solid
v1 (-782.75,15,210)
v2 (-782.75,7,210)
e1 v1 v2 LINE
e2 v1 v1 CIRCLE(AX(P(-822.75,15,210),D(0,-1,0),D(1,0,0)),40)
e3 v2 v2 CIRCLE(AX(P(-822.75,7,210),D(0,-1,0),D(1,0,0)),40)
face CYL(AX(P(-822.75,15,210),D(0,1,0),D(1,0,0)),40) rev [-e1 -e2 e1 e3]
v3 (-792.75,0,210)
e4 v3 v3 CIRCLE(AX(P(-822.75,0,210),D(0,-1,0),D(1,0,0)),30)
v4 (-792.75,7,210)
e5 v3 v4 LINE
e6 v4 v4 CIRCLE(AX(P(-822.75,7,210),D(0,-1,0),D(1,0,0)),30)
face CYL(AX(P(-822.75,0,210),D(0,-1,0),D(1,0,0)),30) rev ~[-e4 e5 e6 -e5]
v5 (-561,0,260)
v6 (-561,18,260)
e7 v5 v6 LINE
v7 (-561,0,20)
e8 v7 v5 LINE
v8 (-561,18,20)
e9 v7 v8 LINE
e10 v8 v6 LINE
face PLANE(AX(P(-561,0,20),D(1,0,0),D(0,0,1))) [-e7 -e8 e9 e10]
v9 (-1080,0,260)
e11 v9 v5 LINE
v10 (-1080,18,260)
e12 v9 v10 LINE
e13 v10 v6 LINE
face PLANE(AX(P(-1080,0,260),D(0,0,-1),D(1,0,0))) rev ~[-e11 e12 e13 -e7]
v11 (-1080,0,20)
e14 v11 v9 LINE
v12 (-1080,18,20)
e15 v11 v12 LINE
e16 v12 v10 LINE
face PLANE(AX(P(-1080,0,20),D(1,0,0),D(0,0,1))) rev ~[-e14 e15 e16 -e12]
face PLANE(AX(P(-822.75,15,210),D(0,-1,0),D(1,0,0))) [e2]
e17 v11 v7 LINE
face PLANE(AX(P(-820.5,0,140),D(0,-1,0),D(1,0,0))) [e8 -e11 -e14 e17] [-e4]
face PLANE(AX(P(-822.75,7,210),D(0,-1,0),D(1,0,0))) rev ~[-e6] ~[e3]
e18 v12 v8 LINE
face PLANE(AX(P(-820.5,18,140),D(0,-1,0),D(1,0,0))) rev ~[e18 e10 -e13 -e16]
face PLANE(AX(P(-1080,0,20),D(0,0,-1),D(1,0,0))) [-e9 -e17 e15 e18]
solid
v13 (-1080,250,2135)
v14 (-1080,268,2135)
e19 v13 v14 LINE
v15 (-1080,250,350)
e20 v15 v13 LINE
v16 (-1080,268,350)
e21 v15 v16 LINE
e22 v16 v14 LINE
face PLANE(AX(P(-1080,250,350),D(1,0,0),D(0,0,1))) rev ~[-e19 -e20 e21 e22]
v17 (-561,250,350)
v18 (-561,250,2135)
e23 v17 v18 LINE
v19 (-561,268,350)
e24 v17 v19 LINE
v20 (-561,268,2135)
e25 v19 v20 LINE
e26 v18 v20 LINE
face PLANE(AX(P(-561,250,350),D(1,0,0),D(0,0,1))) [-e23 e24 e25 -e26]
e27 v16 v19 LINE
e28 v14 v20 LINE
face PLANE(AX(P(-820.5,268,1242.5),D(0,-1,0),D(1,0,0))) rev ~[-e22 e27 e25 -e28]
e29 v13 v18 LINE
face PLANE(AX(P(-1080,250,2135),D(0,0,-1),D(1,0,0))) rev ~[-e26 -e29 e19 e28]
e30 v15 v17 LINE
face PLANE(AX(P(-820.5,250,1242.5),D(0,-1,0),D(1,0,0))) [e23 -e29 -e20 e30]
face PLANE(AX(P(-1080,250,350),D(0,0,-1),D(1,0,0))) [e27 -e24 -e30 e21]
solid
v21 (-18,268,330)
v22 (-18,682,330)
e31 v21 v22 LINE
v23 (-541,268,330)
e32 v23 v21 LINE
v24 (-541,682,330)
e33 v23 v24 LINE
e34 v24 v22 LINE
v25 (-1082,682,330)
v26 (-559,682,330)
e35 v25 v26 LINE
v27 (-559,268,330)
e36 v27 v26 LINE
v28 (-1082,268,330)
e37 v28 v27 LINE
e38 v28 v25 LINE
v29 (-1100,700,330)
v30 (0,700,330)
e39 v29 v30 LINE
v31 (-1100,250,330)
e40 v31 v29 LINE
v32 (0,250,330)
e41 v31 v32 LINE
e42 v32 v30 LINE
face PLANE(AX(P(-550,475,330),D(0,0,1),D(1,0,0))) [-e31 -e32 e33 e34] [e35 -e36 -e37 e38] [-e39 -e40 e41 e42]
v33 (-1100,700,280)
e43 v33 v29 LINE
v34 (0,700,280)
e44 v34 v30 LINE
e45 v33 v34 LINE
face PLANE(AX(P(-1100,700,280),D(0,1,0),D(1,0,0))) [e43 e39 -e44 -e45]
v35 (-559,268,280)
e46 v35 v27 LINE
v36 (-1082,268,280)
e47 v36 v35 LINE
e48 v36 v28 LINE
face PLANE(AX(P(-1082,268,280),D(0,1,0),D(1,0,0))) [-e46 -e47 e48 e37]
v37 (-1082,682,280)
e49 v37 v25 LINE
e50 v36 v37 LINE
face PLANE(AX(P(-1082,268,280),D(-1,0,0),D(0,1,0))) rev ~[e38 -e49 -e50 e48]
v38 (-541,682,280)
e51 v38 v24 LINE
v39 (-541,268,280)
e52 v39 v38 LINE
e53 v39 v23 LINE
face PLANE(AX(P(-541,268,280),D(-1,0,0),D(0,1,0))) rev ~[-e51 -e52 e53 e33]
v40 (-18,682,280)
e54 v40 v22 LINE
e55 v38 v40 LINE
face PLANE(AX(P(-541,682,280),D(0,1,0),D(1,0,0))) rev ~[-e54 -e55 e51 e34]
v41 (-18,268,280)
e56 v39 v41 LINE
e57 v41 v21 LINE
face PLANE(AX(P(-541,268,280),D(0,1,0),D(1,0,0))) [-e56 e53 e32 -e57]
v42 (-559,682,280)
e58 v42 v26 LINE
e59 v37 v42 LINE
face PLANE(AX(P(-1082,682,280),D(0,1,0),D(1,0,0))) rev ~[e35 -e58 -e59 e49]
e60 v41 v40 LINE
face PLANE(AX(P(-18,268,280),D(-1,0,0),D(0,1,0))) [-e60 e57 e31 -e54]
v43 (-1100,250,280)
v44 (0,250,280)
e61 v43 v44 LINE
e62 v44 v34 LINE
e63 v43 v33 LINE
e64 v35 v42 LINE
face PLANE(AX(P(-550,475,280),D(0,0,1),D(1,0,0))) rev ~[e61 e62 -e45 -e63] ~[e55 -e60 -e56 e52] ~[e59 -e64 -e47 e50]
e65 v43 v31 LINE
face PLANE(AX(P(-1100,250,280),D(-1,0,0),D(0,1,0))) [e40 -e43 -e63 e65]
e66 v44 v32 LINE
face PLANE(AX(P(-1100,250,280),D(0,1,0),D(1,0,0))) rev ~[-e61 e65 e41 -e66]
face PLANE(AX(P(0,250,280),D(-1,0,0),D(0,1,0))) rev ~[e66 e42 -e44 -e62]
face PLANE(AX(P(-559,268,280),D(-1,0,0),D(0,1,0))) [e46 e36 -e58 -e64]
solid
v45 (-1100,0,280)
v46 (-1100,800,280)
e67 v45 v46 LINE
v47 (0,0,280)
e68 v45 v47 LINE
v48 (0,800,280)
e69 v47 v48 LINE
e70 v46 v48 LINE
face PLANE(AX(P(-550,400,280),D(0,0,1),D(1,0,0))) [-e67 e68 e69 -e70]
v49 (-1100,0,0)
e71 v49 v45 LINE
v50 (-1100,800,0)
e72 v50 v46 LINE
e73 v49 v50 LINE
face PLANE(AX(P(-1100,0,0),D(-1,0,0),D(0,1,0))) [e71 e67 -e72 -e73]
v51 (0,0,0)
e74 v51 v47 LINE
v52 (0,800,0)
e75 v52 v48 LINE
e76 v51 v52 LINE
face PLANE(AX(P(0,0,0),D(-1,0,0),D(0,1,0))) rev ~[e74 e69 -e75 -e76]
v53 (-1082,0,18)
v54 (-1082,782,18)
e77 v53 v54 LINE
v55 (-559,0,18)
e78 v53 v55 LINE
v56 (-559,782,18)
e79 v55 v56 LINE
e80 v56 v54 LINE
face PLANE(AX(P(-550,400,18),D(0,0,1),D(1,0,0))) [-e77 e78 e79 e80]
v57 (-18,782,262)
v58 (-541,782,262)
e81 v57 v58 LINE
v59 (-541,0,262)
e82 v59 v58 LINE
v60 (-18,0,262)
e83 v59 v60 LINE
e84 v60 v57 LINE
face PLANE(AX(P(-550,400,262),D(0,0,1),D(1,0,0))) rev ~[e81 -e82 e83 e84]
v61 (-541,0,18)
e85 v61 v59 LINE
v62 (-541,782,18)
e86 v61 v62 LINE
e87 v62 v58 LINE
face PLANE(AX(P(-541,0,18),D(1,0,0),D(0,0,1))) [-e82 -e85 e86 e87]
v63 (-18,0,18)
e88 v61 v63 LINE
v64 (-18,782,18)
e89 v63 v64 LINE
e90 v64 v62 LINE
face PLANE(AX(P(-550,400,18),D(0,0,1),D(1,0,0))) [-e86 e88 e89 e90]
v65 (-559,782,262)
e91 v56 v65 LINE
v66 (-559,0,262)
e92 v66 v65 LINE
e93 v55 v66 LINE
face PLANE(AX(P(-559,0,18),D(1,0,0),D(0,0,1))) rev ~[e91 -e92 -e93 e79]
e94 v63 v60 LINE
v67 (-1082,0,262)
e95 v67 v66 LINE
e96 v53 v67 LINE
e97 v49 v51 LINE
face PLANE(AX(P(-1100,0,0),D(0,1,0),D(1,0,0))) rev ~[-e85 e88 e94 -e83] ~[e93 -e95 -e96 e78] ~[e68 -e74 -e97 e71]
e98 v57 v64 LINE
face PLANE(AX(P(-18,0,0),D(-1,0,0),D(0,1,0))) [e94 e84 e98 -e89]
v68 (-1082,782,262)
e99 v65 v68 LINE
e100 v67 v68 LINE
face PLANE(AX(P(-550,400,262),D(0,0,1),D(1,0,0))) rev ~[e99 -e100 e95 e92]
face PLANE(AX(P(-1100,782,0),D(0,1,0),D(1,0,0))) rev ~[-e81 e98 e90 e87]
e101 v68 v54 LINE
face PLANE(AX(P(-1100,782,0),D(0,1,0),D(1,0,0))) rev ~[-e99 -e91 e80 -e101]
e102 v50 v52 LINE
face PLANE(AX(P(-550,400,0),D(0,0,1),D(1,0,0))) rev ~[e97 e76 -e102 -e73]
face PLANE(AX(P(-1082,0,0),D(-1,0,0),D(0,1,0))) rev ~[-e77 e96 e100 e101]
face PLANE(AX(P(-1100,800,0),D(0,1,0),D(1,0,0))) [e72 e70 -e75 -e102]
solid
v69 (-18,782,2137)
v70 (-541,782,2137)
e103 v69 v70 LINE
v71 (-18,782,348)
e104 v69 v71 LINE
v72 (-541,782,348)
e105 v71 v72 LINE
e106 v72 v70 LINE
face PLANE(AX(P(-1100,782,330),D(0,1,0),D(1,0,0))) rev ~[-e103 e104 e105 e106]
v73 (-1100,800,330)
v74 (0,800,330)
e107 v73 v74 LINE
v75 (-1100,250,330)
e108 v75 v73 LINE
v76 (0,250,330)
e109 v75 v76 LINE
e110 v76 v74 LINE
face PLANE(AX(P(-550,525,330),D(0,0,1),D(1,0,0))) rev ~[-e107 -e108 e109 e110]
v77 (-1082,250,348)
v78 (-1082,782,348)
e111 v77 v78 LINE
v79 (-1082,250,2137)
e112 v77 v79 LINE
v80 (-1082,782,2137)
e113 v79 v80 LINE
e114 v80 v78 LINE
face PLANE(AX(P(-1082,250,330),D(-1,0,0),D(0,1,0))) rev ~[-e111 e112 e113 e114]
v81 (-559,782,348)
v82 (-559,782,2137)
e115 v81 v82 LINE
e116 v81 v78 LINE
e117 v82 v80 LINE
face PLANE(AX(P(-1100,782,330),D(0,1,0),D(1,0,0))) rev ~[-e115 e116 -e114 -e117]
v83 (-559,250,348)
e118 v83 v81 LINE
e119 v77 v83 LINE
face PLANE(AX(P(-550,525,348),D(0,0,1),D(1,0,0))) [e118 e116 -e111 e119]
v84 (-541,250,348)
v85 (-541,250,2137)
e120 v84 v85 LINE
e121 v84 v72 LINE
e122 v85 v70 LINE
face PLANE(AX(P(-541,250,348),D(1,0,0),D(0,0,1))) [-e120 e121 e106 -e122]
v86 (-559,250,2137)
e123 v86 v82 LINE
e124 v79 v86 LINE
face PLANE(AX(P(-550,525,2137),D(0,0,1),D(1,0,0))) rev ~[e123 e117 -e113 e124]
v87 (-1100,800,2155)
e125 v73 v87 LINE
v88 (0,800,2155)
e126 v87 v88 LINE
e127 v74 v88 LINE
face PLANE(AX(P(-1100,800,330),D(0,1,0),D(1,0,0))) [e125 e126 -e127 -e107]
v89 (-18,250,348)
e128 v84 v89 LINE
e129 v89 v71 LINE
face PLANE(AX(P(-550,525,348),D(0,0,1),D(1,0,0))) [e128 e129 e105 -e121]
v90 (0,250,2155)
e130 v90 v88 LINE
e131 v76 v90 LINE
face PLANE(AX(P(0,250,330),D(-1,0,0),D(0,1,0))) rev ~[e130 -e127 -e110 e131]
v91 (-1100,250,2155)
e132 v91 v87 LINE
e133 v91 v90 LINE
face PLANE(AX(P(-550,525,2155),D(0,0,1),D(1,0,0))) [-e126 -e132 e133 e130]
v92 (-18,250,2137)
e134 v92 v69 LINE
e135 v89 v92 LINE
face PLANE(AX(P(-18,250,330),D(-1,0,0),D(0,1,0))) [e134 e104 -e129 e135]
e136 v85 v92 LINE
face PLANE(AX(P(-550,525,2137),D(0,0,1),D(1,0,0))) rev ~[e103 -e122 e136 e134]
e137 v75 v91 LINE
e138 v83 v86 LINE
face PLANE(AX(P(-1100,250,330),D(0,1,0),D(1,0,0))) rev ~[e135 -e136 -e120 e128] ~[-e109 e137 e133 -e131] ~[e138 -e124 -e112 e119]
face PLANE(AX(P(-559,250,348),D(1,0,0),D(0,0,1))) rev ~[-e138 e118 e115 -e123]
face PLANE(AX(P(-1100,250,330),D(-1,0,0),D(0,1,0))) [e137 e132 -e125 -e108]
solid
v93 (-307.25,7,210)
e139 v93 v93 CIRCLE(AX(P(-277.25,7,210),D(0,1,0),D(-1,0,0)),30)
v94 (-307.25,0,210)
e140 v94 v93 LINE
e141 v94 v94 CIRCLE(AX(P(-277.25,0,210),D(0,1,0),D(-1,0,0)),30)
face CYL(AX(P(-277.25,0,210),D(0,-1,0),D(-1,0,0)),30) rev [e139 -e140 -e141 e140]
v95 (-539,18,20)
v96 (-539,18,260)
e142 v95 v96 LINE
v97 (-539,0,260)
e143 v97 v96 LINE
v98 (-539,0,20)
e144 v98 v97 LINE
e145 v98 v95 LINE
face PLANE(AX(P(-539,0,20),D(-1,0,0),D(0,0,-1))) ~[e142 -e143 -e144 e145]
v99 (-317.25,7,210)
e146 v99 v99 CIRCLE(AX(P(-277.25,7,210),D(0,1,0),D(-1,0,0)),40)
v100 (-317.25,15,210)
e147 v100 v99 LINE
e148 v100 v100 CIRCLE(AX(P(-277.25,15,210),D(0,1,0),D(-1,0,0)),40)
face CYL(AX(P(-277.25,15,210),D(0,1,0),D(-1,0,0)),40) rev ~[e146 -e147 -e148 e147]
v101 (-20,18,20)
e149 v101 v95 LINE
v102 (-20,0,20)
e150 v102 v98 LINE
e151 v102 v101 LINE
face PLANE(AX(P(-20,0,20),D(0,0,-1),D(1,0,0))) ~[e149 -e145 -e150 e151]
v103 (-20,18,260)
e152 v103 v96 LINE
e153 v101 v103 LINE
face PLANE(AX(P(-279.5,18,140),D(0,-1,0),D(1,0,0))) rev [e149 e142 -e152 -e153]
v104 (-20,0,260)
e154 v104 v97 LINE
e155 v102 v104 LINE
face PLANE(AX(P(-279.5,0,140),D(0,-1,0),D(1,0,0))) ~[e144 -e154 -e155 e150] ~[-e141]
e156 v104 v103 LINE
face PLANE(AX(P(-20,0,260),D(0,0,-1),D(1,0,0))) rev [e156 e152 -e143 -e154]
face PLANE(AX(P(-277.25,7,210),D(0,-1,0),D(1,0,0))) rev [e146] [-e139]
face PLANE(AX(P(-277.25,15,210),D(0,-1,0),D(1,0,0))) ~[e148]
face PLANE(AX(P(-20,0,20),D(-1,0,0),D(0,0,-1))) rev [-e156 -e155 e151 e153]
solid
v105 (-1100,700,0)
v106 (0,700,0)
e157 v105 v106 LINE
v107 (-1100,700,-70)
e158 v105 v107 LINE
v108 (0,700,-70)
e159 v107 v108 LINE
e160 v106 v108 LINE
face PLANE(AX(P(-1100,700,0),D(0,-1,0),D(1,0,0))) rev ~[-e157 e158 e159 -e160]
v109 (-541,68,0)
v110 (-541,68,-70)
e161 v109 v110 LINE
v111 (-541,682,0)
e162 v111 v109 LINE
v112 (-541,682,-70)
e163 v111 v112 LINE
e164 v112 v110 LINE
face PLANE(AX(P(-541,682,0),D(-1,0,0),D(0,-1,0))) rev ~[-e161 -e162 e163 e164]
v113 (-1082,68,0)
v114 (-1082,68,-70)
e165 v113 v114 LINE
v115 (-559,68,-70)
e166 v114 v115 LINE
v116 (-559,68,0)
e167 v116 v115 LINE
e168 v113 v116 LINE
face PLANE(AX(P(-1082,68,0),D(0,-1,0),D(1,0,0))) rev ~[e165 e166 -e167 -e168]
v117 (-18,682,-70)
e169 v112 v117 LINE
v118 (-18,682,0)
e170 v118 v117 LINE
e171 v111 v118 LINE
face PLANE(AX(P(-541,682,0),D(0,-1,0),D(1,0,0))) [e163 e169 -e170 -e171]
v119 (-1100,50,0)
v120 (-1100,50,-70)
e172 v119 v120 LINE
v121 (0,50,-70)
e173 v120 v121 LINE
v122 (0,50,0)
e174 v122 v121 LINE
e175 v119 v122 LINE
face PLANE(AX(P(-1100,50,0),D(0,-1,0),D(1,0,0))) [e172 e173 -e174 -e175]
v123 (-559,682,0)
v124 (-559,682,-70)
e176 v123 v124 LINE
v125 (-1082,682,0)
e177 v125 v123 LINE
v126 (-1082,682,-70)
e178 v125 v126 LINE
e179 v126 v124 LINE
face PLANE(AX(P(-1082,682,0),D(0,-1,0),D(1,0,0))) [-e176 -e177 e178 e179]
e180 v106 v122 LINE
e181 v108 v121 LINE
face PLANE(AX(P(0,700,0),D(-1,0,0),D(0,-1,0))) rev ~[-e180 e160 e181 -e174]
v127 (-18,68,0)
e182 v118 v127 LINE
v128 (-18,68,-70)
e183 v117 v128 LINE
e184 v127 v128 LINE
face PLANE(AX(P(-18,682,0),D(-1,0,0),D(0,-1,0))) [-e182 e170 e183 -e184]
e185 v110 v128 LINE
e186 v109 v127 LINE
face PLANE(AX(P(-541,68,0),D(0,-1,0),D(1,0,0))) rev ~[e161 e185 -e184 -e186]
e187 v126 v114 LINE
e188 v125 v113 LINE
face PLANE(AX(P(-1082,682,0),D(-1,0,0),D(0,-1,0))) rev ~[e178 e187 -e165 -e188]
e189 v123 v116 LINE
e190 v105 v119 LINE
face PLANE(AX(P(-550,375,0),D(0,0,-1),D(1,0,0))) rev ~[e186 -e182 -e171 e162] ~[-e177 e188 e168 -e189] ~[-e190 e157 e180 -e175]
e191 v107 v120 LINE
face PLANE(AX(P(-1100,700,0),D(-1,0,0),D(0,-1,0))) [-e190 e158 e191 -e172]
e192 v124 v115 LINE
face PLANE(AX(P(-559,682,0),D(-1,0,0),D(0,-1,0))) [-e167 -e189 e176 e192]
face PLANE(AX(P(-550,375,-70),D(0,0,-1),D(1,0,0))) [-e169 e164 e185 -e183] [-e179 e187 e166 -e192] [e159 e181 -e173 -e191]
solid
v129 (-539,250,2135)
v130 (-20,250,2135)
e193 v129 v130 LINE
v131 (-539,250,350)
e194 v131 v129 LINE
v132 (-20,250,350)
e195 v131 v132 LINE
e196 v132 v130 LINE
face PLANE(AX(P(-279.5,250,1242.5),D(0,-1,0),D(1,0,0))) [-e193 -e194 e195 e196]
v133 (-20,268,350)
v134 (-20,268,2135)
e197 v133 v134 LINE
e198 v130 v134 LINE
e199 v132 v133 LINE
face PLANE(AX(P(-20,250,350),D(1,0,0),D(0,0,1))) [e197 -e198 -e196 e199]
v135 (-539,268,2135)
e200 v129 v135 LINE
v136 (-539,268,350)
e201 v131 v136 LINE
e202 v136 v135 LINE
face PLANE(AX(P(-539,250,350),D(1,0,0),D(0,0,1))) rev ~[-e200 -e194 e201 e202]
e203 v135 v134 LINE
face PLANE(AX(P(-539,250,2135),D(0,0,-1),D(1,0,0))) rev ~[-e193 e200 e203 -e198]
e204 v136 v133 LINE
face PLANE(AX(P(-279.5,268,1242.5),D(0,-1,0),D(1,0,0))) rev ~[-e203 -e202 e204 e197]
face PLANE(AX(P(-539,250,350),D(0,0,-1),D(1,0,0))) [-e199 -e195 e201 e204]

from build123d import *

# Parameters (mm, degrees)
F0_W      = 1100
F0_H      = 800
F1_DEPTH  = 280
F2_T      = -18
F3_W      = 18
F3_H      = 244
F4_DEPTH  = 782
F5_W      = 519
F5_H      = 240
F6_DEPTH  = 18
F8_R      = 30
F9_DEPTH  = 15
F10_R     = 40
F11_DEPTH = 8
F13_W     = 1100
F13_H     = 650
F13_W_2   = 523
F13_H_2   = 614
F14_DEPTH = 70
F15_W     = 1100
F15_H     = 450
F15_W_2   = 523
F15_H_2   = 414
F16_DEPTH = 50
F17_W     = 1100
F17_H     = 550
F18_DEPTH = 1825
F19_T     = -18
F20_W     = 18
F20_H     = 1789
F21_DEPTH = 532
F22_W     = 519
F22_H     = 1785
F23_DEPTH = 18


with BuildPart() as f1:
    # F0 (on Top) → F1 (new body)
    with BuildSketch(Plane.XY):
        with Locations((-550, 400)):
            Rectangle(F0_W, F0_H)
    extrude(amount=F1_DEPTH)

    # F2
    f2_openings = [f1.faces().sort_by_distance(p)[0] for p in [
        (-550, 0, 140),
    ]]
    offset(amount=F2_T, openings=f2_openings)

    # F3 (on face) → F4 (join, through all)
    with BuildSketch(Plane.XZ):
        with Locations((-550, 140)):
            Rectangle(F3_W, F3_H)
    extrude(amount=-F4_DEPTH)


with BuildPart() as f6:
    # F5 (on face) → F6 (new body)
    with BuildSketch(Plane.XZ):
        with Locations((-820.5, 140)):
            Rectangle(F5_W, F5_H)
    extrude(amount=-F6_DEPTH)

    # F8 (on face) → F9 (cut)
    with BuildSketch(Plane.XZ):
        with Locations((-822.75, 210)):
            Circle(F8_R)
    extrude(amount=-F9_DEPTH, mode=Mode.SUBTRACT)

    # F10 (on face) → F11 (cut)
    with BuildSketch(Plane.XZ.offset(-15)):
        with Locations((-822.75, 210)):
            Circle(F10_R)
    extrude(amount=F11_DEPTH, mode=Mode.SUBTRACT)


with BuildPart() as f12_1:
    # F12: instance of F6
    add(f6.part.mirror(Plane(origin=(-550, 400, 140), x_dir=(0, 1, 0), z_dir=(1, 0, 0))))


with BuildPart() as f14:
    # F13 (on face) → F14 (new body)
    with BuildSketch(Plane(origin=(0, 0, 0), x_dir=(1, 0, 0), z_dir=(0, 0, -1))):
        with Locations((-550, -375)):
            Rectangle(F13_W, F13_H)
        with Locations((-820.5, -375)):
            Rectangle(F13_W_2, F13_H_2, mode=Mode.SUBTRACT)
        with Locations((-279.5, -375)):
            Rectangle(F13_W_2, F13_H_2, mode=Mode.SUBTRACT)
    extrude(amount=F14_DEPTH)


with BuildPart() as f16:
    # F15 (on face) → F16 (new body)
    with BuildSketch(Plane.XY.offset(280)):
        with Locations((-550, 475)):
            Rectangle(F15_W, F15_H)
        with Locations((-820.5, 475)):
            Rectangle(F15_W_2, F15_H_2, mode=Mode.SUBTRACT)
        with Locations((-279.5, 475)):
            Rectangle(F15_W_2, F15_H_2, mode=Mode.SUBTRACT)
    extrude(amount=F16_DEPTH)


with BuildPart() as f18:
    # F17 (on face) → F18 (new body)
    with BuildSketch(Plane.XY.offset(330)):
        with Locations((-550, 525)):
            Rectangle(F17_W, F17_H)
    extrude(amount=F18_DEPTH)

    # F19
    f19_openings = [f18.faces().sort_by_distance(p)[0] for p in [
        (-550, 250, 1242.5),
    ]]
    offset(amount=F19_T, openings=f19_openings)

    # F20 (on face) → F21 (join, through all)
    with BuildSketch(Plane.XZ.offset(-250)):
        with Locations((-550, 1242.5)):
            Rectangle(F20_W, F20_H)
    extrude(amount=-F21_DEPTH)


with BuildPart() as f23:
    # F22 (on face) → F23 (new body)
    with BuildSketch(Plane.XZ.offset(-250)):
        with Locations((-820.5, 1242.5)):
            Rectangle(F22_W, F22_H)
    extrude(amount=-F23_DEPTH)


with BuildPart() as f23b:
    # F22 (on face) → F23, piece 2 (new body)
    with BuildSketch(Plane.XZ.offset(-250)):
        with Locations((-279.5, 1242.5)):
            Rectangle(F22_W, F22_H)
    extrude(amount=-F23_DEPTH)


solid = Compound([f1.part, f6.part, f12_1.part, f14.part, f16.part, f18.part, f23.part, f23b.part])
